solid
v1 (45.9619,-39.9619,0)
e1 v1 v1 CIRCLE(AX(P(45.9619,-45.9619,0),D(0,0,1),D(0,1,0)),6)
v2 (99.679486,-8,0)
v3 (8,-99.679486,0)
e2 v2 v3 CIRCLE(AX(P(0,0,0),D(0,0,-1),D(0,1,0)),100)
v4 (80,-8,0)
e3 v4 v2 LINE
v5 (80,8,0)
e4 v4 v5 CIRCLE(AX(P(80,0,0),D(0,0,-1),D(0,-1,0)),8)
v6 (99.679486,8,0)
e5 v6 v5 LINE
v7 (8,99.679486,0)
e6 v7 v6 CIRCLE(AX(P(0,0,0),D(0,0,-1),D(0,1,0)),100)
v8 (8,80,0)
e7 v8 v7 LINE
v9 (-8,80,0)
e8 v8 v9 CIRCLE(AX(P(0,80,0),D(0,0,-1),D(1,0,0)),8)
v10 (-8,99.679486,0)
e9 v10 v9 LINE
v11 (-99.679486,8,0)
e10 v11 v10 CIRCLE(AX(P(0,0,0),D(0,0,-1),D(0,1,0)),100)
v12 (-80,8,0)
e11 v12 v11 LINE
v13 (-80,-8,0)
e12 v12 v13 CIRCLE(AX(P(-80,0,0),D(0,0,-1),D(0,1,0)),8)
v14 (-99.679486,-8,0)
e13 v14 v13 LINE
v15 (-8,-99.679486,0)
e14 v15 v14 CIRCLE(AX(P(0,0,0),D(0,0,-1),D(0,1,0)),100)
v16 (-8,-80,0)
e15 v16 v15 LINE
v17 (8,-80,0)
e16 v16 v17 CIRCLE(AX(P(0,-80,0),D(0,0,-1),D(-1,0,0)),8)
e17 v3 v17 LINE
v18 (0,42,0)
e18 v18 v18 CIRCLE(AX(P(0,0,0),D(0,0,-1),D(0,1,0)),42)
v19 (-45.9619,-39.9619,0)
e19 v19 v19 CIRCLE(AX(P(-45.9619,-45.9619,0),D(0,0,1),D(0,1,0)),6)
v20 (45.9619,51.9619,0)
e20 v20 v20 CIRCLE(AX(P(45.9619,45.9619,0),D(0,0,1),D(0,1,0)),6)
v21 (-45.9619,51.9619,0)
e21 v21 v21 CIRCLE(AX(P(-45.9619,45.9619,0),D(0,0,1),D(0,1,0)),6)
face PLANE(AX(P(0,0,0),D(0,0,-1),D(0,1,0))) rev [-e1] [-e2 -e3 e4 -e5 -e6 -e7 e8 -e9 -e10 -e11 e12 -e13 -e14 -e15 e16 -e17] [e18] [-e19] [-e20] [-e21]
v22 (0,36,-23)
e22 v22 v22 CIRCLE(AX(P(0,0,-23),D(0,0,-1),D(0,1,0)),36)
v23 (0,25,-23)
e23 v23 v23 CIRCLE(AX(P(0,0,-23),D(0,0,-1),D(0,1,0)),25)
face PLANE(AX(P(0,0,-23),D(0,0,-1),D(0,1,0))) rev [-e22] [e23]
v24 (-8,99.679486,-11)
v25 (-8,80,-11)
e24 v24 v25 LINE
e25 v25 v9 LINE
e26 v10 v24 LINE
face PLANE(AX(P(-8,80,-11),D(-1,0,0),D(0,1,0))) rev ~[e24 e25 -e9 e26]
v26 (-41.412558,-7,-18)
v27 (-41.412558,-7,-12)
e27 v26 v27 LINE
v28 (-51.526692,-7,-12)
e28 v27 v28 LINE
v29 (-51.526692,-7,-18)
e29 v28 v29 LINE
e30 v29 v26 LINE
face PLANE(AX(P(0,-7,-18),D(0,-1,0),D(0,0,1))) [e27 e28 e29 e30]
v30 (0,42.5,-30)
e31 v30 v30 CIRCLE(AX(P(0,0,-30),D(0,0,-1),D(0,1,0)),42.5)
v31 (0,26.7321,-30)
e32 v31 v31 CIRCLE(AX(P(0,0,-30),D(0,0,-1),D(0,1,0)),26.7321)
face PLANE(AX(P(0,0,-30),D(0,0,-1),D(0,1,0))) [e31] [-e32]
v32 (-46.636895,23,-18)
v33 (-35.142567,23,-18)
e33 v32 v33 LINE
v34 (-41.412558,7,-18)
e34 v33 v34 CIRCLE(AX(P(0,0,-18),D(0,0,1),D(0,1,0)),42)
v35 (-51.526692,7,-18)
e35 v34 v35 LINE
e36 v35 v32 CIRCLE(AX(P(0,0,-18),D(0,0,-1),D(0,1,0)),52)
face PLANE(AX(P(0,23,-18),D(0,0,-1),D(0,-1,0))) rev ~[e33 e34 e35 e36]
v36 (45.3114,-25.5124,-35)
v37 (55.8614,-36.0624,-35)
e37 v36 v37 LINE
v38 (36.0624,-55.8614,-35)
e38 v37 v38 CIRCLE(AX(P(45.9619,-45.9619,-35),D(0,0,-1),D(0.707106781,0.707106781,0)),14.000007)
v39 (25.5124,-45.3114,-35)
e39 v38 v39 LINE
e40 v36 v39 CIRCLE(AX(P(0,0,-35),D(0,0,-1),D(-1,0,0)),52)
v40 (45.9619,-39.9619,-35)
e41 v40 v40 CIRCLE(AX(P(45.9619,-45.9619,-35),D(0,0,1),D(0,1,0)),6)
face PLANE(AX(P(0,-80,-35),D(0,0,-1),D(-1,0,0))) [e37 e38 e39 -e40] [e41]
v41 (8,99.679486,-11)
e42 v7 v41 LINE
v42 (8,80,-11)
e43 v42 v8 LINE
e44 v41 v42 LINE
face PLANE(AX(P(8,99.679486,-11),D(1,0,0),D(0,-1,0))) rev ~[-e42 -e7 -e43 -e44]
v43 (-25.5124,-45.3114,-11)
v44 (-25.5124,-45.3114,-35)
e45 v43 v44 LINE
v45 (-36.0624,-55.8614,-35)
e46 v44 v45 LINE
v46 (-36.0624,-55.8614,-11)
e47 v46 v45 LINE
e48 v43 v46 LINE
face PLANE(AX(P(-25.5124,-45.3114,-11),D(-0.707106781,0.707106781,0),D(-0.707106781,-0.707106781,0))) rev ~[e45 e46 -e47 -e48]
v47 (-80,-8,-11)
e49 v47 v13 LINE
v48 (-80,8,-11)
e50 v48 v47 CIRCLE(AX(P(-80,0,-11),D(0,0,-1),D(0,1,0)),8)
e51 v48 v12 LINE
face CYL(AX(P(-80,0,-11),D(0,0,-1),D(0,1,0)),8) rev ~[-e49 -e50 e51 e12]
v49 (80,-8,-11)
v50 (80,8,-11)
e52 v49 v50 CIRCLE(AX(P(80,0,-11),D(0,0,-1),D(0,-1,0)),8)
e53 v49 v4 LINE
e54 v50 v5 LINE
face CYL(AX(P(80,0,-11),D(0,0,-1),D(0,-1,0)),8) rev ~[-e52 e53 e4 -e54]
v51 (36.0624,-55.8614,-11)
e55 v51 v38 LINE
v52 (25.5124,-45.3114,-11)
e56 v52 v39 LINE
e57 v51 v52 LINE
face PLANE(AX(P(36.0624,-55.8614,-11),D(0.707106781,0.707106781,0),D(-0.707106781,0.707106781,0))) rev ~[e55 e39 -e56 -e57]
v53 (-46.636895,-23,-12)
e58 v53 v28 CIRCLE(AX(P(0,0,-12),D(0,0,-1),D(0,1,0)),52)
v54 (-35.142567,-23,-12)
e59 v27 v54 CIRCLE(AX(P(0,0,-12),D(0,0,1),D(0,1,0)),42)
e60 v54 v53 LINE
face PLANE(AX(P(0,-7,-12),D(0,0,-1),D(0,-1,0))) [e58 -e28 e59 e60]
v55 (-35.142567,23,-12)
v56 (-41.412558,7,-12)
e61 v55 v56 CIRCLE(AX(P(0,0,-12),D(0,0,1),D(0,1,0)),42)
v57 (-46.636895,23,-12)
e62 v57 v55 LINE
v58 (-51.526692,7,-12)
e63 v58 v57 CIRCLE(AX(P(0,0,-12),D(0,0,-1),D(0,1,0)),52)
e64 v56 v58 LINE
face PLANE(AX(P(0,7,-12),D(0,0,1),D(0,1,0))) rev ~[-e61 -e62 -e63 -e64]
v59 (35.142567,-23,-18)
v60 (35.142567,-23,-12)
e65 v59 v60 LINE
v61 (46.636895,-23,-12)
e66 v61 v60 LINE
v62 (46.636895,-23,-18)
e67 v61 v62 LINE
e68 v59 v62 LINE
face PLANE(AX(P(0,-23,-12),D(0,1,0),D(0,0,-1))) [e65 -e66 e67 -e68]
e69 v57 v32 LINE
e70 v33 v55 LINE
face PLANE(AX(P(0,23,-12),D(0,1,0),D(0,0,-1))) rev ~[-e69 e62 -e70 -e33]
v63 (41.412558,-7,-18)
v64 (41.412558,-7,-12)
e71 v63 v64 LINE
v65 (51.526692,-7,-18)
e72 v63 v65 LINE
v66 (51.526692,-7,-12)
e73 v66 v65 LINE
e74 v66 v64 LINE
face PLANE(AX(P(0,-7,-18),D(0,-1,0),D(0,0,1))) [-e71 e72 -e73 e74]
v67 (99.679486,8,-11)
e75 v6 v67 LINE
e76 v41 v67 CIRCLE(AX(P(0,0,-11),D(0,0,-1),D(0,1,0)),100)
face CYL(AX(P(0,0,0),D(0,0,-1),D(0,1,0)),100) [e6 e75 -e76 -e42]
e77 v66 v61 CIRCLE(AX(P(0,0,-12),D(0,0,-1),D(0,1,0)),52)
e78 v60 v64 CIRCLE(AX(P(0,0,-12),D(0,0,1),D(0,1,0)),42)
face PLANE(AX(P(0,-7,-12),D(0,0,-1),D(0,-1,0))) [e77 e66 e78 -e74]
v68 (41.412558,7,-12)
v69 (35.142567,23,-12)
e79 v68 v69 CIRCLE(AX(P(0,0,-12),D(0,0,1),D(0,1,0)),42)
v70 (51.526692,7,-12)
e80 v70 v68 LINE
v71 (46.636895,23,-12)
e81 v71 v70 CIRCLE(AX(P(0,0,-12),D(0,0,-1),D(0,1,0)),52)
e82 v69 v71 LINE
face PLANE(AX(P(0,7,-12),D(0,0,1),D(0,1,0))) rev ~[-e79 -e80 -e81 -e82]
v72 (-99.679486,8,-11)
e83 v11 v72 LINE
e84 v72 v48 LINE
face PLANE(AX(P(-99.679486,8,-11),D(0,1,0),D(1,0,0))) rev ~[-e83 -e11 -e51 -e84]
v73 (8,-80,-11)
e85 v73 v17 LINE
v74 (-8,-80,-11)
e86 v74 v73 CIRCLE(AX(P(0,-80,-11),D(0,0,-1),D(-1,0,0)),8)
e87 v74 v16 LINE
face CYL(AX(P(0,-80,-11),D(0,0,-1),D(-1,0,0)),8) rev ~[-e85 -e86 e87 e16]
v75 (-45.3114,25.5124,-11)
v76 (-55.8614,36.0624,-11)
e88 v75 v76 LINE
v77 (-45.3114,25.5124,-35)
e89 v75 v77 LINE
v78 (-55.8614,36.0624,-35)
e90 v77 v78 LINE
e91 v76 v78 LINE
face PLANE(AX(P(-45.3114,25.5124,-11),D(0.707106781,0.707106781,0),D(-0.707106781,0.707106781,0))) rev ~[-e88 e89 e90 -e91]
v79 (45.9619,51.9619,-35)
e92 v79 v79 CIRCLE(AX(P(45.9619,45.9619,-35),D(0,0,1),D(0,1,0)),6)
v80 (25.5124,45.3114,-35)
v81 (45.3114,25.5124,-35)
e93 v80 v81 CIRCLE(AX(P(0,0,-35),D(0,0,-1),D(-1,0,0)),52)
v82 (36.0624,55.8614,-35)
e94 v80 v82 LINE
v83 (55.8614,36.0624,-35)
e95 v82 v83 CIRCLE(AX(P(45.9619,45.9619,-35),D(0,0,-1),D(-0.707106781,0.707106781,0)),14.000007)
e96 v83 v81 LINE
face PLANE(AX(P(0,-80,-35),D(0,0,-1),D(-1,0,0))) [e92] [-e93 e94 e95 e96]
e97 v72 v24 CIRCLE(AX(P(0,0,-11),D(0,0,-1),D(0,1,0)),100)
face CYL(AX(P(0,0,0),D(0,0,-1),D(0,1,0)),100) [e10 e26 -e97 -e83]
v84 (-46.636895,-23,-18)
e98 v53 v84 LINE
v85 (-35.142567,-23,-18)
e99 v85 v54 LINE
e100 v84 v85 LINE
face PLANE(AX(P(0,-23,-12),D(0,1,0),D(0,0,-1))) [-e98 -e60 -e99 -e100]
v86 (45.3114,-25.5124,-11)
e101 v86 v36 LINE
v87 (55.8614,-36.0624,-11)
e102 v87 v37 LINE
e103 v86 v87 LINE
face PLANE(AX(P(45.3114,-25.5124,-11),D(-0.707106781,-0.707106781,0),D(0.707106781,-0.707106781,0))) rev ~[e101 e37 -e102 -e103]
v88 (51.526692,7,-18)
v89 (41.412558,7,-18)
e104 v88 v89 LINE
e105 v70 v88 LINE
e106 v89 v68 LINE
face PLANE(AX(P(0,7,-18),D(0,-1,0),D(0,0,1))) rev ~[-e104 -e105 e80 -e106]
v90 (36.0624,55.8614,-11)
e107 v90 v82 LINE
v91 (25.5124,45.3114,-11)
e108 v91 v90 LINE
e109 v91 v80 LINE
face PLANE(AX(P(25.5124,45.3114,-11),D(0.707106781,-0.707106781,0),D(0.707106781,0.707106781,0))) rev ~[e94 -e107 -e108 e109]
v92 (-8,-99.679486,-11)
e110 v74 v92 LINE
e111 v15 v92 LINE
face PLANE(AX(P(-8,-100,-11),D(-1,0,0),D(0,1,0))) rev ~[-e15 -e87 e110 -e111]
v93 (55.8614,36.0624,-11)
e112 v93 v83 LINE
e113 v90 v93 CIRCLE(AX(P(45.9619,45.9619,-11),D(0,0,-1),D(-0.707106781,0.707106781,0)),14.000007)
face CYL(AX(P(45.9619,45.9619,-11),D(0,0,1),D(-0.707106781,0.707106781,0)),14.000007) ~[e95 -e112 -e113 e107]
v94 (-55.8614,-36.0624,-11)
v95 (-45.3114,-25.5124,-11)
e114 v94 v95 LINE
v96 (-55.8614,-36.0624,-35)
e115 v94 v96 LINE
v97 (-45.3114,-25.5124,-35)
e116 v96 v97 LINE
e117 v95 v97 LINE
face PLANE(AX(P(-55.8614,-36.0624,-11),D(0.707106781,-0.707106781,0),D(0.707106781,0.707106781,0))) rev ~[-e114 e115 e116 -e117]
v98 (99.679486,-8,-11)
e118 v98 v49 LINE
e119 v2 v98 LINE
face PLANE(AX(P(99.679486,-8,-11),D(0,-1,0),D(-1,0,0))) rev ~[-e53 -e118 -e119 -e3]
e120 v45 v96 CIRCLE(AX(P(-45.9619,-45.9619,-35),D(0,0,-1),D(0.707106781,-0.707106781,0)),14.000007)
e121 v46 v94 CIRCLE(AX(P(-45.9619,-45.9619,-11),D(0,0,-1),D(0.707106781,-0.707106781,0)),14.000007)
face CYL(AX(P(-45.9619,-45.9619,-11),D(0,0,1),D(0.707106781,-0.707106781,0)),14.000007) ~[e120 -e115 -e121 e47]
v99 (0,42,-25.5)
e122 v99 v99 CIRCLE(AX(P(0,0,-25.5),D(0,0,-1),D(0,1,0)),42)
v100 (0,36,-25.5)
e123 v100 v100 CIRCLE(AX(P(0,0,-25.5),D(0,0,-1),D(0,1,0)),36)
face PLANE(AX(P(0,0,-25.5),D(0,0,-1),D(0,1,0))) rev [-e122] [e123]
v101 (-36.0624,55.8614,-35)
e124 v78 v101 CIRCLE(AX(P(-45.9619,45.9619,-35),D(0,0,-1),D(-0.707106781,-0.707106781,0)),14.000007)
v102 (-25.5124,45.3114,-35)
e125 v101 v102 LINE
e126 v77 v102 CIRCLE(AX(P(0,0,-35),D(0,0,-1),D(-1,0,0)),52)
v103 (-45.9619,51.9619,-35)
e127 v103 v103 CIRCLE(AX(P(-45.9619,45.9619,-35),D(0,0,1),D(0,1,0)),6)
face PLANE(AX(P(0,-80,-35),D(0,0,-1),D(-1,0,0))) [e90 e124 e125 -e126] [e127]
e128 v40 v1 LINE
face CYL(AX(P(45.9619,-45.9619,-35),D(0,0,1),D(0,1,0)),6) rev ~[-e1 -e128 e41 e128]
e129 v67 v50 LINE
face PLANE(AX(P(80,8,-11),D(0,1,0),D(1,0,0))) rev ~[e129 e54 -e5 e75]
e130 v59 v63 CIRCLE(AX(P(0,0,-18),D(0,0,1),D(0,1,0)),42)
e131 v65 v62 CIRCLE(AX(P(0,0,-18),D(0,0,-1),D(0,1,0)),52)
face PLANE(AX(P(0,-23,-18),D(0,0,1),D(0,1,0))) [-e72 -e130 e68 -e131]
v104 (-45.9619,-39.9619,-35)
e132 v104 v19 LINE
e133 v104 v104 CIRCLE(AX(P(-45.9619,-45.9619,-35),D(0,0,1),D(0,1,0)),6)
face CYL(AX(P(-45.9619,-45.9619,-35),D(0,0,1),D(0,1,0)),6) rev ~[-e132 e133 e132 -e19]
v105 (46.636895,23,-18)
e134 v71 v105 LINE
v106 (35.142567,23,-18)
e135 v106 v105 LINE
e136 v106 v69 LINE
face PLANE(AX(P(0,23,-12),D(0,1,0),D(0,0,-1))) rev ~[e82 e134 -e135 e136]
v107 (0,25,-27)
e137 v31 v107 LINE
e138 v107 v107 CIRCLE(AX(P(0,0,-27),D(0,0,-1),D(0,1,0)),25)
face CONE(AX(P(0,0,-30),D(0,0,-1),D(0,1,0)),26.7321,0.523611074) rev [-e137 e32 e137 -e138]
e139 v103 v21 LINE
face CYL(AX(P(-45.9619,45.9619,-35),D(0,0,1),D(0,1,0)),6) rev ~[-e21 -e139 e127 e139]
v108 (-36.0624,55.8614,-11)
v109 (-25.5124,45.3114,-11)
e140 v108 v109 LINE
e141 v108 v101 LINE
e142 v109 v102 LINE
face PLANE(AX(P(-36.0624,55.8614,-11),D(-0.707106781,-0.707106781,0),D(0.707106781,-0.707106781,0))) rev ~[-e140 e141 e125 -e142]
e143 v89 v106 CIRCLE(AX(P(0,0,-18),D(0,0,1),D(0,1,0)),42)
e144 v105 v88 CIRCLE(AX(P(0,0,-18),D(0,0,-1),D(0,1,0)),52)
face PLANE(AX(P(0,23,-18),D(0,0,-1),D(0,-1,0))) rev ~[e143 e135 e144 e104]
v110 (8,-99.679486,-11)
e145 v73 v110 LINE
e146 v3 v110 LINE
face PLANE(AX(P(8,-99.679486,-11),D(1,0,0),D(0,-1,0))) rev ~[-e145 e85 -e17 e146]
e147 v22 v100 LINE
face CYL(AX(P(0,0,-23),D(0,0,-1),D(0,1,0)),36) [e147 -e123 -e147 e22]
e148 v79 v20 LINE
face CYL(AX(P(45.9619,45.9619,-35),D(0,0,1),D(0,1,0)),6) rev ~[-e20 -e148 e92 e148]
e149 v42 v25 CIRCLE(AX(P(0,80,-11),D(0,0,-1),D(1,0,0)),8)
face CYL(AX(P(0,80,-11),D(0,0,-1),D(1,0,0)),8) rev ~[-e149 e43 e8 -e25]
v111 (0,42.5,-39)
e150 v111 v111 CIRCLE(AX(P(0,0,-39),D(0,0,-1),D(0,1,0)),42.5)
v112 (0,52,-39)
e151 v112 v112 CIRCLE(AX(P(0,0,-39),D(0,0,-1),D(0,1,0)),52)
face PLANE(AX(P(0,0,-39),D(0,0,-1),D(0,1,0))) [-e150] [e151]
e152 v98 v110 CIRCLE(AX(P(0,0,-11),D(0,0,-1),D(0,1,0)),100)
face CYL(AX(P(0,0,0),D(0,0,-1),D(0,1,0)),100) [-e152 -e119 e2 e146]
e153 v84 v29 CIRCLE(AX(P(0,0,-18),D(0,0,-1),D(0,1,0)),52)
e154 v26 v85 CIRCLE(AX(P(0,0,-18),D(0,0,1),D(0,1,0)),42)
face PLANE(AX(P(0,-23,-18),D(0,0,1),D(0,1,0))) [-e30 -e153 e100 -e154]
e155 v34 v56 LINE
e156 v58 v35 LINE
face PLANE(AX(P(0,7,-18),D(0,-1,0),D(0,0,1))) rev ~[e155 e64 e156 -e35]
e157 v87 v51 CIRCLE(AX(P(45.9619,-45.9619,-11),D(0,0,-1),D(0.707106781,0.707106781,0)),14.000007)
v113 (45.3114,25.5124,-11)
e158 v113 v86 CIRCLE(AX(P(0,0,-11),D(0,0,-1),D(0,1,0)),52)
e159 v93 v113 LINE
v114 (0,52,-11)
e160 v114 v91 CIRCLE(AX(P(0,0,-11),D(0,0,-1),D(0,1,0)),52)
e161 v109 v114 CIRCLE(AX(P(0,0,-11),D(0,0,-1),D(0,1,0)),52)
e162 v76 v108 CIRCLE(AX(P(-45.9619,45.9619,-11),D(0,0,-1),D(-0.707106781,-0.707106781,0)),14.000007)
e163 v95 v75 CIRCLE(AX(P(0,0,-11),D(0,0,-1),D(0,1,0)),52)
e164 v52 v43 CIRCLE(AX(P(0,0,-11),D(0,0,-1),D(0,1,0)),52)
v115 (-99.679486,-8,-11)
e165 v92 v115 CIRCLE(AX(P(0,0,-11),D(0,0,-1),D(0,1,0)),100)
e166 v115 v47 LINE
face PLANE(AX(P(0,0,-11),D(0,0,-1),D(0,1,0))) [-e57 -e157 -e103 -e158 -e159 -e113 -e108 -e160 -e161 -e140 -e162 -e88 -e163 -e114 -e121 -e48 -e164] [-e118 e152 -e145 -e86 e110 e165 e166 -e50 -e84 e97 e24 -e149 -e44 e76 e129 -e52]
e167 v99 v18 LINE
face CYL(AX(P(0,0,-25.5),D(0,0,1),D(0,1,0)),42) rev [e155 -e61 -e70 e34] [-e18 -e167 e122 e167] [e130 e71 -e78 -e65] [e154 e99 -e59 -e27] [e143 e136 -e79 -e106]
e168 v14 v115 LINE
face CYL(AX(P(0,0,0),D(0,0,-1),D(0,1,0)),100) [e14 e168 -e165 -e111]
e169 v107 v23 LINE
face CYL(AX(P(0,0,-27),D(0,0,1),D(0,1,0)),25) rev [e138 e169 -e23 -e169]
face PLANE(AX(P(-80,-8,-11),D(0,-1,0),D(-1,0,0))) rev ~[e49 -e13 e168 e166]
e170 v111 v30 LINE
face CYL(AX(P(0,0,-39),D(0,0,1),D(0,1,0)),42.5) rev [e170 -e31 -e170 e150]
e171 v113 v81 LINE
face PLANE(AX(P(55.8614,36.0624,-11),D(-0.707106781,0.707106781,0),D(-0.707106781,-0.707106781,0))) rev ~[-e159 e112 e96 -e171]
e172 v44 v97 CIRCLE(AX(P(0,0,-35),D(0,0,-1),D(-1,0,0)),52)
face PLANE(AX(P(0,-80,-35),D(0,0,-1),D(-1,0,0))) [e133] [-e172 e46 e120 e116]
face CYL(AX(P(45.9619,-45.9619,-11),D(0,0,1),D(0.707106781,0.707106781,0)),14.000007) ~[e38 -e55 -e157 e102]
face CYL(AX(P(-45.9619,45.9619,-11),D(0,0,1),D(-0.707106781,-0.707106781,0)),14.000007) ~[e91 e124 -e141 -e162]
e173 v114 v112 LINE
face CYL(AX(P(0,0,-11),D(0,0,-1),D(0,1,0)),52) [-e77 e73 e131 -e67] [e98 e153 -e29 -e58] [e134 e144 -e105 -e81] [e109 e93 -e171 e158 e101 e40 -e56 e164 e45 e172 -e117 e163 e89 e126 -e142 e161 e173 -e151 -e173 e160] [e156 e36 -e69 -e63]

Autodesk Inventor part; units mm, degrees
ref_plane "YZ Plane" through (0, 0, 0) normal (1, 0, 0) x (0, 1, 0)
ref_plane "XZ Plane" through (0, 0, 0) normal (0, 1, 0) x (-1, 0, 0)
ref_plane "XY Plane" through (0, 0, 0) normal (0, 0, 1) x (1, 0, 0)
sketch "Náčrt1" plane through (0, 0, 0) normal (1, 0, 0) x (0, 1, 0)
  line L0 (42, 0) -> (100, 0)
  line L1 (100, 0) -> (100, -11)
  line L2 (100, -11) -> (52, -11)
  line L3 (52, -11) -> (52, -39)
  line L4 (52, -39) -> (42.5, -39)
  line L5 (42.5, -39) -> (42.5, -30)
  line L6 (42.5, -30) -> (26.7321, -30)
  line L7 (26.7321, -30) -> (25, -27)
  line L8 (25, -27) -> (25, -23)
  line L9 (25, -23) -> (36, -23)
  line L10 (36, -23) -> (36, -25.5)
  line L11 (36, -25.5) -> (42, -25.5)
  line L12 (42, -25.5) -> (42, 0)
  line L13 (0, 0) -> (0, -39) construction
  dimension "d0" = 200
  dimension "d1" = 50
  dimension "d2" = 72
  dimension "d3" = 84
  dimension "d4" = 85
  dimension "d5" = 104
  dimension "d6" = 39
  dimension "d7" = 11
  dimension "d8" = 30
  dimension "d9" = 25.5
  dimension "d10" = 23
  dimension "d11" = 4
  dimension "d12" = 30
revolve "Rotace1" add sketch "Náčrt1" angle 360 about axis through (0, 0, 0) along (0, 0, -1)
sketch "Náčrt2" plane through (0, 0, -11) normal (0, 0, -1) x (-1, 0, 0)
  circle A0 centre (0, 0) radius 100 projected
  line L0 (-100, 0) -> (-80, 0) construction
  line L1 (-100, -8) -> (-80, -8)
  line L2 (-80, 8) -> (-100, 8)
  arc A1 (-100, 8) -> (-100, -8) centre (-100, 0) ccw
  arc A2 (-80, -8) -> (-80, 8) centre (-80, 0) ccw
  circle A3 centre (0, 0) radius 52 projected
  line L3 (8, -100) -> (8, -80)
  arc A4 (-8, -100) -> (8, -100) centre (0, -100) ccw
  line L4 (-8, -80) -> (-8, -100)
  arc A5 (8, -80) -> (-8, -80) centre (0, -80) ccw
  line L5 (100, 8) -> (80, 8)
  arc A6 (100, -8) -> (100, 8) centre (100, 0) ccw
  line L6 (80, -8) -> (100, -8)
  arc A7 (80, 8) -> (80, -8) centre (80, 0) ccw
  line L7 (-8, 100) -> (-8, 80)
  arc A8 (8, 100) -> (-8, 100) centre (0, 100) ccw
  line L8 (8, 80) -> (8, 100)
  arc A9 (-8, 80) -> (8, 80) centre (0, 80) ccw
  point P0 (-90, 0)
  dimension "d14" = 16
  dimension "d15" = 80
  dimension "d18" = 360
extrude "Vysunutí1" cut sketch "Náčrt2" against normal through all contours A0 L6 A7 L5 | A0 L5 A6 L6 | L8 A9 L7 A0 | A0 L7 A8 L8 | L3 A4 L4 A0 | A0 L4 A5 L3 | L2 A2 L1 A0 | A0 L1 A1 L2
sketch "Náčrt3" plane through (0, -80, -11) normal (0, 0, -1) x (-1, 0, 0)
  arc A0 (-80, 72) -> (-80, 88) centre (-80, 80) ccw projected
  line L0 (-80, 80) -> (0, 80) construction
  line L1 (0, 80) -> (-45.9619, 34.0381) construction
  line L2 (-45.3114, 54.4876) -> (-55.8614, 43.9376)
  line L3 (-36.0624, 24.1386) -> (-25.5124, 34.6886)
  line L4 (-21.0972, 78.7018) -> (-39.3358, 20.8652) construction
  line L5 (-59.1348, 40.6642) -> (-1.2982, 58.9028) construction
  arc A1 (-55.8614, 43.9376) -> (-36.0624, 24.1386) centre (-45.9619, 34.0381) ccw
  arc A2 (-55.8614, 43.9376) -> (-36.0624, 24.1386) centre (-45.9619, 34.0381) ccw
  circle A3 centre (0, 80) radius 52 projected
  line L6 (55.8614, 43.9376) -> (45.3114, 54.4876)
  arc A4 (36.0624, 24.1386) -> (55.8614, 43.9376) centre (45.9619, 34.0381) ccw
  line L7 (25.5124, 34.6886) -> (36.0624, 24.1386)
  line L8 (36.0624, 135.8614) -> (25.5124, 125.3114)
  arc A5 (55.8614, 116.0624) -> (36.0624, 135.8614) centre (45.9619, 125.9619) ccw
  line L9 (45.3114, 105.5124) -> (55.8614, 116.0624)
  line L10 (-55.8614, 116.0624) -> (-45.3114, 105.5124)
  arc A6 (-36.0624, 135.8614) -> (-55.8614, 116.0624) centre (-45.9619, 125.9619) ccw
  line L11 (-25.5124, 125.3114) -> (-36.0624, 135.8614)
  point P0 (-30.2165, 49.7835)
  dimension "d22" = 65
  dimension "d23" = 45
  dimension "d26" = 14
  dimension "d29" = 360
extrude "Vysunutí2" add sketch "Náčrt3" along normal blind 24 contours A3 L3 A1 L2 | L10 A6 L11 A3 | A3 L6 A4 L7 | L8 A5 L9 A3
sketch "Náčrt4" plane through (0, -80, -35) normal (0, 0, -1) x (-1, 0, 0)
  arc A0 (-36.0624, 135.8614) -> (-55.8614, 116.0624) centre (-45.9619, 125.9619) ccw projected
  arc A1 (-55.8614, 43.9376) -> (-36.0624, 24.1386) centre (-45.9619, 34.0381) ccw projected
  arc A2 (36.0624, 24.1386) -> (55.8614, 43.9376) centre (45.9619, 34.0381) ccw projected
  arc A3 (55.8614, 116.0624) -> (36.0624, 135.8614) centre (45.9619, 125.9619) ccw projected
  point P0 (0, 80)
hole "Díra1" at (-45.9619, 45.9619, -35) at (45.9619, 45.9619, -35) at (45.9619, -45.9619, -35) at (-45.9619, -45.9619, -35) direction (0, 0, 1) diameter 12 depth 50 tip angle 118
sketch "Náčrt5" plane through (0, 0, 0) normal (1, 0, 0) x (0, 1, 0)
  line L0 (0, 0) -> (0, -39)
  line L1 (-52, -39) -> (52, -39) projected
  line L2 (23, -18) -> (7, -18)
  line L3 (7, -18) -> (7, -12)
  line L4 (7, -12) -> (23, -12)
  line L5 (23, -12) -> (23, -18)
  line L6 (8, 0) -> (99.6795, 0) projected
  line L7 (-23, -18) -> (-7, -18)
  line L8 (-7, -18) -> (-7, -12)
  line L9 (-7, -12) -> (-23, -12)
  line L10 (-23, -12) -> (-23, -18)
  dimension "d40" = 14
  dimension "d41" = 16
  dimension "d42" = 6
  dimension "d43" = 12
extrude "Vysunutí3" cut sketch "Náčrt5" along normal through all both and the other way through all
properties part number "součást 4"
